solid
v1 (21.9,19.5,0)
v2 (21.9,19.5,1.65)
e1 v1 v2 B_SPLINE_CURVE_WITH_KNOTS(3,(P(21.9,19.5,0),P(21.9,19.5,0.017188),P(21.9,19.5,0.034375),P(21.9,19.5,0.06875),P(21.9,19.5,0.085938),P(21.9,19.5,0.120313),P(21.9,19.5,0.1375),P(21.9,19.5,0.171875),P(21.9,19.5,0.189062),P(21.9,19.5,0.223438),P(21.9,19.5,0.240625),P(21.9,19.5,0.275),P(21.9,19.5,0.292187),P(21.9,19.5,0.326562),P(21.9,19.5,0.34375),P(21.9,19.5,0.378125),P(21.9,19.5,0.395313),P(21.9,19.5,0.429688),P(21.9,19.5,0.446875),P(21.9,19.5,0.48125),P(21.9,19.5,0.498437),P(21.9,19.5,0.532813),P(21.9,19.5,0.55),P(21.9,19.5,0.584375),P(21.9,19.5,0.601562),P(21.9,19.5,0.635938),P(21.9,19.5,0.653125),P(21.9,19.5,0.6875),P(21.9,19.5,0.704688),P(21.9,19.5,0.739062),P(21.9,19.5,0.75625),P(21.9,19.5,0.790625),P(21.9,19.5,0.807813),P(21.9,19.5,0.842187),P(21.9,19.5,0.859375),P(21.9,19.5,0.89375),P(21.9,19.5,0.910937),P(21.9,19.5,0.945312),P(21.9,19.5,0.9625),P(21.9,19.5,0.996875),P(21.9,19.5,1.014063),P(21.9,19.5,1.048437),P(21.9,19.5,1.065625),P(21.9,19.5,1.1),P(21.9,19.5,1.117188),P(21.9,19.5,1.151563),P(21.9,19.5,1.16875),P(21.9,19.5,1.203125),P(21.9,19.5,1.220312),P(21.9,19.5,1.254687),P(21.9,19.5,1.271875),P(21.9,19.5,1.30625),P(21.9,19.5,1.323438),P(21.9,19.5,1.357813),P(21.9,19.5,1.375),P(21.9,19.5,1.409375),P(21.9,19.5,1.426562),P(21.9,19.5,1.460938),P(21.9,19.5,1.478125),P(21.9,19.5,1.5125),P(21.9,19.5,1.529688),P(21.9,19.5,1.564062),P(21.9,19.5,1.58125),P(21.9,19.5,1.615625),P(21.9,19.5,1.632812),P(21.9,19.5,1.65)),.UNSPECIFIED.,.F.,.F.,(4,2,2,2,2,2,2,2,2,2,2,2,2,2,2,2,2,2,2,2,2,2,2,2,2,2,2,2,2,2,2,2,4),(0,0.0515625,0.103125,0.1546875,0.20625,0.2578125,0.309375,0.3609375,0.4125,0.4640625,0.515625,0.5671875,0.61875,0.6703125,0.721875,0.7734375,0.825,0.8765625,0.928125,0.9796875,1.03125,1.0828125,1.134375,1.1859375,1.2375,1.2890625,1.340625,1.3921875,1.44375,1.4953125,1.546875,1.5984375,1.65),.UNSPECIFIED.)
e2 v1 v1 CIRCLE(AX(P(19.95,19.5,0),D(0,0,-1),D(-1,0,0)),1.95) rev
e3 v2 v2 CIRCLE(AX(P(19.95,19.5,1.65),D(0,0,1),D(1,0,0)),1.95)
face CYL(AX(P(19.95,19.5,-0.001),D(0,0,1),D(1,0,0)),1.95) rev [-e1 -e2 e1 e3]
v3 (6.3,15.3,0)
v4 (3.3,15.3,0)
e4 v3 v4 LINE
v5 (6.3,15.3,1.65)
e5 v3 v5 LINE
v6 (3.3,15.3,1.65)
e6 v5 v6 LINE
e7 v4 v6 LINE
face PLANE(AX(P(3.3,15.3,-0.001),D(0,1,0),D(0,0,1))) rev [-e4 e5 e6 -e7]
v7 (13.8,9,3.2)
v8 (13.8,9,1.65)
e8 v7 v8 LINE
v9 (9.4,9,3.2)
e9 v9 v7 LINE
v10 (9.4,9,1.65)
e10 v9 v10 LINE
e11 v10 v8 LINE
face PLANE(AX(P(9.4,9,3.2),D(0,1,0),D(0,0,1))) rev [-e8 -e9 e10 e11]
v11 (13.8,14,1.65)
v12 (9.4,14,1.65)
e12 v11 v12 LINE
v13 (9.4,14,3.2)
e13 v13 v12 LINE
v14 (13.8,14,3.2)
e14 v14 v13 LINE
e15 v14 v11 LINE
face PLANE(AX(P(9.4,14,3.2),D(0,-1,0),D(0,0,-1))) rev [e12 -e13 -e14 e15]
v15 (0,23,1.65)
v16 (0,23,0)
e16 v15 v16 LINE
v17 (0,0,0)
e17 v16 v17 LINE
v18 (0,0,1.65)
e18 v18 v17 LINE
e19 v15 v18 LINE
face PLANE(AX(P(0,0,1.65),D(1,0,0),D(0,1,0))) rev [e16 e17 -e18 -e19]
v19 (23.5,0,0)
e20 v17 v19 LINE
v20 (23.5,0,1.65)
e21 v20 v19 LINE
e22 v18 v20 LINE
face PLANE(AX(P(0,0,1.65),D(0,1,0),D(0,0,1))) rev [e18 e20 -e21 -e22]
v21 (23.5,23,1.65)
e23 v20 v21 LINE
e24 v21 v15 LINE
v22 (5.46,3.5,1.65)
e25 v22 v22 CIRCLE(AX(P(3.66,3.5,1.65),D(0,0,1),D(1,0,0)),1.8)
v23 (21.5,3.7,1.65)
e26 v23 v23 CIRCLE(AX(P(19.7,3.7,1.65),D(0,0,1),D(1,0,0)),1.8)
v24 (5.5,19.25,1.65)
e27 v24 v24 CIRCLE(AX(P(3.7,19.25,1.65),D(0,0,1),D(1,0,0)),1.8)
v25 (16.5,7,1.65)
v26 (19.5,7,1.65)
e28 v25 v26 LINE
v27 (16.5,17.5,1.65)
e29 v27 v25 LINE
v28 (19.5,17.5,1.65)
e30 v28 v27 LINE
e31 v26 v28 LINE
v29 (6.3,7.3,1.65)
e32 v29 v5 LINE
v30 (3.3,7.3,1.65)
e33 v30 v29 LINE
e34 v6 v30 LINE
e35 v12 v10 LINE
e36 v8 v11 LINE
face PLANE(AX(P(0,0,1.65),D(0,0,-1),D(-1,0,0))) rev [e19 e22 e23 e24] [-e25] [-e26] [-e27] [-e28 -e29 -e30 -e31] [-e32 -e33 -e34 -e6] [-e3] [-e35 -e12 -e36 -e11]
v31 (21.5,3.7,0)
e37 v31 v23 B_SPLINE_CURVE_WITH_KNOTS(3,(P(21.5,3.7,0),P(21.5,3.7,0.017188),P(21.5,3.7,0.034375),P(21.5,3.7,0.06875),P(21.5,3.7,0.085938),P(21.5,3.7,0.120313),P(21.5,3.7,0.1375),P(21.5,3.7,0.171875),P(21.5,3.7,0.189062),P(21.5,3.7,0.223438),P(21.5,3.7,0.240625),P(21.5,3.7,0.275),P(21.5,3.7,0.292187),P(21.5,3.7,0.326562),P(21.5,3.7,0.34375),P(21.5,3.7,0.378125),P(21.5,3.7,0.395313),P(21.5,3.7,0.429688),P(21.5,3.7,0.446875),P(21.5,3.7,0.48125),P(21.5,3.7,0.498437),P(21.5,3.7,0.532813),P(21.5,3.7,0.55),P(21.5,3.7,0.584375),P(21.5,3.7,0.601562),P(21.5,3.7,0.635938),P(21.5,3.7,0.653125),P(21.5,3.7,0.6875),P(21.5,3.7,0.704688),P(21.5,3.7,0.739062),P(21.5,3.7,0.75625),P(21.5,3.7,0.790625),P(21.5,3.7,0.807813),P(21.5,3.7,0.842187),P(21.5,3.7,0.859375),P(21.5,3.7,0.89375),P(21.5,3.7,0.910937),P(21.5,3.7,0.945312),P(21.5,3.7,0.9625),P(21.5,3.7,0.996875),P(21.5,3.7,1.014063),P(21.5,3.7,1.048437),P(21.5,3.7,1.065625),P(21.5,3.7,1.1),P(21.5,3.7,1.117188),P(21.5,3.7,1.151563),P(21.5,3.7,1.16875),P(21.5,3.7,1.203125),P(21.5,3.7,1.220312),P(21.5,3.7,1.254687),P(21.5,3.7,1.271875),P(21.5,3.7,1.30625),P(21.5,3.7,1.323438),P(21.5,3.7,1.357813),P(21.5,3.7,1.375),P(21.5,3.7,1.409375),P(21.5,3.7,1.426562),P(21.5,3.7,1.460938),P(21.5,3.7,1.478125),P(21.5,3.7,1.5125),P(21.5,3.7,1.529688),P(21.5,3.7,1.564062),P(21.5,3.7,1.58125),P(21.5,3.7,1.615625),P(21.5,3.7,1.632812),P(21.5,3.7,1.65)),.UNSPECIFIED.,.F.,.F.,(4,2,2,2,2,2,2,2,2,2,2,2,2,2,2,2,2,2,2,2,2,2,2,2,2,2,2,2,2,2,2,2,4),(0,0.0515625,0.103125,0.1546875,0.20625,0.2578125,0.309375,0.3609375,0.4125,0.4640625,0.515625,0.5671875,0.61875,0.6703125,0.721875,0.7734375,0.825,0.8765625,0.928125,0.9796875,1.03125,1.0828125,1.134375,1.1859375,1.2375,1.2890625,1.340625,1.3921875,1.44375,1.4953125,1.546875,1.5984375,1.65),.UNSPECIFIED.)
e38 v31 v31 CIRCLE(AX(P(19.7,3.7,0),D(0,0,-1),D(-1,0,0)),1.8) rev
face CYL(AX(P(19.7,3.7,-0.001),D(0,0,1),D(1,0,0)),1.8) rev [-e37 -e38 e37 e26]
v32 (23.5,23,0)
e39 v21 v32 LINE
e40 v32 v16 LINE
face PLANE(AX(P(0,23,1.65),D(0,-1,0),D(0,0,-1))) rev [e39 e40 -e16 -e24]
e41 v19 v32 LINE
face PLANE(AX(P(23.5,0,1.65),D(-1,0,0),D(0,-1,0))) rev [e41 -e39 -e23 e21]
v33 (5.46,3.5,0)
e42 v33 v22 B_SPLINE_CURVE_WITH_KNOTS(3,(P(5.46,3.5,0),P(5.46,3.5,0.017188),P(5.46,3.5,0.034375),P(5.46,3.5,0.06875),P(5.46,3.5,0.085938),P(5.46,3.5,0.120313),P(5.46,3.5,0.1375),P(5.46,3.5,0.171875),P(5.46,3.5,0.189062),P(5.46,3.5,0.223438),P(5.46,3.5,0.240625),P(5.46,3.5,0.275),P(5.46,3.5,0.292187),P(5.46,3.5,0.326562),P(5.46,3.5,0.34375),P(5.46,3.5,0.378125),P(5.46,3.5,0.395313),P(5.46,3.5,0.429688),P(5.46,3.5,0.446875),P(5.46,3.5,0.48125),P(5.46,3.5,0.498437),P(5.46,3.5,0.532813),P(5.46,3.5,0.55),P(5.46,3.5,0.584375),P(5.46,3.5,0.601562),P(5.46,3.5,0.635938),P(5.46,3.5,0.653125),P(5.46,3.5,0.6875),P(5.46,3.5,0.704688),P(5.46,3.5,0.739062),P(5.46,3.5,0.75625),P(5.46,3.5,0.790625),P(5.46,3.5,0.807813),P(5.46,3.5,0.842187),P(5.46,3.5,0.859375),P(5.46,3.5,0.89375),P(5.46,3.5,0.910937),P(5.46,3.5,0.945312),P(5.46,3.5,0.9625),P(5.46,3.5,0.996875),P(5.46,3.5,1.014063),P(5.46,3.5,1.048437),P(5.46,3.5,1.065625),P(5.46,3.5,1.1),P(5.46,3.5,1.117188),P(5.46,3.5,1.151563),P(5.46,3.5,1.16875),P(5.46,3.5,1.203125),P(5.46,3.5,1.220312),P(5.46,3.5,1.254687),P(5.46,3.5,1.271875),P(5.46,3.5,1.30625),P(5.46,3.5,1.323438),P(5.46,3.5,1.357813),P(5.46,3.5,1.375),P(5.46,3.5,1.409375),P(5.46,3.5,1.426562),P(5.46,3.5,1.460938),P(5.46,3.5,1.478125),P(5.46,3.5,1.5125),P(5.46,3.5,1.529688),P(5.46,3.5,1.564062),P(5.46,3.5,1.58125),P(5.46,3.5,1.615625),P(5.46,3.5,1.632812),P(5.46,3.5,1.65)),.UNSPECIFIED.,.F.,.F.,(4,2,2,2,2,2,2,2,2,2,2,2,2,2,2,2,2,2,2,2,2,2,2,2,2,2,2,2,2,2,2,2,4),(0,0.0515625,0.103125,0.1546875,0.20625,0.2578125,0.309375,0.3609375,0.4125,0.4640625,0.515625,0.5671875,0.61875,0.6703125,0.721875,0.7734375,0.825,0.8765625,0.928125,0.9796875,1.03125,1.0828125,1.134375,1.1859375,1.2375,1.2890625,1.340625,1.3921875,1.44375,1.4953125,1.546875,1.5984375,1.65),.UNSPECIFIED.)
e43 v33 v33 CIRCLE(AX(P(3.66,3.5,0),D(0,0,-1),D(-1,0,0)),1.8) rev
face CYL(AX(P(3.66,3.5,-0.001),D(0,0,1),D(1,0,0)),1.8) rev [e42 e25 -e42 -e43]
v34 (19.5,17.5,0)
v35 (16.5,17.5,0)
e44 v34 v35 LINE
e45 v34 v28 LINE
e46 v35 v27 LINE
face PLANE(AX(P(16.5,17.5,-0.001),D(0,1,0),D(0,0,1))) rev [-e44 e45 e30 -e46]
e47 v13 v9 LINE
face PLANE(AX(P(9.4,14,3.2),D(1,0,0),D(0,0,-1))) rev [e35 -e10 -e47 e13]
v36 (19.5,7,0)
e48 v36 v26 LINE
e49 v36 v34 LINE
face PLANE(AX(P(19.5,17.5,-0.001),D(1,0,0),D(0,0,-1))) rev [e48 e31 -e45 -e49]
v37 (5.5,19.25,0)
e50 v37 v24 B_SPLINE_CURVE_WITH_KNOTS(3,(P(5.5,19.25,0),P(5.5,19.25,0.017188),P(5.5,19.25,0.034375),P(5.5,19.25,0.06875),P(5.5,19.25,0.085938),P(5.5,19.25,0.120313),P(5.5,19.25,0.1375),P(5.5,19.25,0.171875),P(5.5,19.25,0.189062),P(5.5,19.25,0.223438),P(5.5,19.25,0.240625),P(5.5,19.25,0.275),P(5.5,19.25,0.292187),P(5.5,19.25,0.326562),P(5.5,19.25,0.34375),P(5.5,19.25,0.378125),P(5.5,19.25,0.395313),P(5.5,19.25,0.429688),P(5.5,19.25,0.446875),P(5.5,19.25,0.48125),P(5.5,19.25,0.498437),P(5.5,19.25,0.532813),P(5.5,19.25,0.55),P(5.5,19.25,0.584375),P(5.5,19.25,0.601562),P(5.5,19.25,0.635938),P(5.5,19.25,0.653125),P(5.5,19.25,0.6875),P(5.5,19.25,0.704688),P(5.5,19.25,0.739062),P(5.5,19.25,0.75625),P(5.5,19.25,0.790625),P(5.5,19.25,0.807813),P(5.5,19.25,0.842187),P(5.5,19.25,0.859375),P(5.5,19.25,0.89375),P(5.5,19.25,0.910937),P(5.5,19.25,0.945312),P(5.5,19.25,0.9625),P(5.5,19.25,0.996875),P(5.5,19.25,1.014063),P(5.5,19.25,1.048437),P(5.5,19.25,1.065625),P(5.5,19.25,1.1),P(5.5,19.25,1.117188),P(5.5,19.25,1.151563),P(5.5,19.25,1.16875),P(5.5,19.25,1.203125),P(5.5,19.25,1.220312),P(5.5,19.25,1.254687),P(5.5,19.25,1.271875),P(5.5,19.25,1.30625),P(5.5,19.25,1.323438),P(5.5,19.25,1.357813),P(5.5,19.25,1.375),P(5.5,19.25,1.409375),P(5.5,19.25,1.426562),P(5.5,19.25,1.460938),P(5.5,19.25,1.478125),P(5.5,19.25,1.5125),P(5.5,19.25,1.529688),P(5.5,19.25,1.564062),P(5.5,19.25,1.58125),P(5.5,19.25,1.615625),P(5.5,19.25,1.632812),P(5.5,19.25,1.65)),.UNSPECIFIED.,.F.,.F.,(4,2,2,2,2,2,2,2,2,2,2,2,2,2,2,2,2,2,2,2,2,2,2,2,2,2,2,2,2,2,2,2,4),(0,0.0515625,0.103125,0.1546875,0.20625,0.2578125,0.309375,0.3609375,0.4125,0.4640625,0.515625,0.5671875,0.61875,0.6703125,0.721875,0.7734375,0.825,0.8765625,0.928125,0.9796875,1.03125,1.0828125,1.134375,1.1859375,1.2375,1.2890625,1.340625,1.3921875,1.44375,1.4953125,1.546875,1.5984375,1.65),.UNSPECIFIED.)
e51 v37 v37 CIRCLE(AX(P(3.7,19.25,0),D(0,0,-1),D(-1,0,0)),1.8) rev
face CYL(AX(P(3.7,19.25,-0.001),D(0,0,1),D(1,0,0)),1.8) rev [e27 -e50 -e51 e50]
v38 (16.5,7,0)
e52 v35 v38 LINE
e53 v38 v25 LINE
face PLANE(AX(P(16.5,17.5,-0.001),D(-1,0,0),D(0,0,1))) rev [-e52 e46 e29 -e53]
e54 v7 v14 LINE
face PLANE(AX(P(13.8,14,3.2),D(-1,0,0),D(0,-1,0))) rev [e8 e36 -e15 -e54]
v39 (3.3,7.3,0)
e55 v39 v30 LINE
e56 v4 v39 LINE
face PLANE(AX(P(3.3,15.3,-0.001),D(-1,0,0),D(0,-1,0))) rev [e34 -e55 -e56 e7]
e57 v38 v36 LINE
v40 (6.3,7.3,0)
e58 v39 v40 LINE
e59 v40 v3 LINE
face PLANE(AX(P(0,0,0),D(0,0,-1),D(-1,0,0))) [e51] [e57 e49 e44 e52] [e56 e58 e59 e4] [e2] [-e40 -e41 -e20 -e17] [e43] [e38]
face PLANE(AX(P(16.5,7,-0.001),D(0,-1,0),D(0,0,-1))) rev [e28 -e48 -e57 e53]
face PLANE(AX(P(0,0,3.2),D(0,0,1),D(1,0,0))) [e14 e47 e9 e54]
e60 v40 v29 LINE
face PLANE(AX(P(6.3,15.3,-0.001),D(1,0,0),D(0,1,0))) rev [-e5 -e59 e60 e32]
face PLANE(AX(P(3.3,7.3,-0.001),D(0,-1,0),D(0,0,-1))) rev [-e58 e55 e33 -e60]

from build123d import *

# Parameters (mm, degrees)
SKETCH1_W           = 23.5
SKETCH1_H           = 23
BOSS_EXTRUDE1_DEPTH = 1.65
SKETCH2_W           = 4.4
SKETCH2_H           = 5
BOSS_EXTRUDE2_DEPTH = 1.55
CUT_EXTRUDE1_REACH  = 34.924
SKETCH3_W           = 3
SKETCH3_H           = 10.5
CUT_EXTRUDE2_REACH  = 34.924
SKETCH4_W           = 3
SKETCH4_H           = 8
CUT_EXTRUDE3_REACH  = 34.924
SKETCH5_R           = 1.8
SKETCH5_R_2         = 1.95


with BuildPart() as part:
    # Sketch1 → Boss-Extrude1 (new body)
    with BuildSketch(Plane.XY):
        with Locations((11.75, 11.5)):
            Rectangle(SKETCH1_W, SKETCH1_H)
    extrude(amount=BOSS_EXTRUDE1_DEPTH)

    # Sketch2 → Boss-Extrude2 (add)
    with BuildSketch(Plane.XY.offset(1.65)):
        with Locations((11.6, 11.5)):
            Rectangle(SKETCH2_W, SKETCH2_H)
    extrude(amount=BOSS_EXTRUDE2_DEPTH)

    # Sketch3 → Cut-Extrude1 (cut, up to next)
    with BuildSketch(Plane.XY.offset(1.65), mode=Mode.PRIVATE) as cut_extrude1_sk1:
        with Locations((18, 12.25)):
            Rectangle(SKETCH3_W, SKETCH3_H)
    cut_extrude1_tool1 = extrude(cut_extrude1_sk1.sketch, amount=-CUT_EXTRUDE1_REACH, mode=Mode.PRIVATE) & part.part
    add(cut_extrude1_tool1.solids().sort_by_distance((18, 12.25, 1.65))[0], mode=Mode.SUBTRACT)

    # Sketch4 → Cut-Extrude2 (cut, up to next)
    with BuildSketch(Plane.XY.offset(1.65), mode=Mode.PRIVATE) as cut_extrude2_sk1:
        with Locations((4.8, 11.3)):
            Rectangle(SKETCH4_W, SKETCH4_H)
    cut_extrude2_tool1 = extrude(cut_extrude2_sk1.sketch, amount=-CUT_EXTRUDE2_REACH, mode=Mode.PRIVATE) & part.part
    add(cut_extrude2_tool1.solids().sort_by_distance((4.8, 11.3, 1.65))[0], mode=Mode.SUBTRACT)

    # Sketch5 → Cut-Extrude3 (cut, up to next)
    with BuildSketch(Plane.XY.offset(1.65), mode=Mode.PRIVATE) as cut_extrude3_sk1:
        with Locations((3.7, 19.25)):
            Circle(SKETCH5_R)
    cut_extrude3_tool1 = extrude(cut_extrude3_sk1.sketch, amount=-CUT_EXTRUDE3_REACH, mode=Mode.PRIVATE) & part.part
    # Sketch5 → Cut-Extrude3 (cut, up to next)
    with BuildSketch(Plane.XY.offset(1.65), mode=Mode.PRIVATE) as cut_extrude3_sk2:
        with Locations((19.95, 19.5)):
            Circle(SKETCH5_R_2)
    cut_extrude3_tool2 = extrude(cut_extrude3_sk2.sketch, amount=-CUT_EXTRUDE3_REACH, mode=Mode.PRIVATE) & part.part
    # Sketch5 → Cut-Extrude3 (cut, up to next)
    with BuildSketch(Plane.XY.offset(1.65), mode=Mode.PRIVATE) as cut_extrude3_sk3:
        with Locations((19.7, 3.7)):
            Circle(SKETCH5_R)
    cut_extrude3_tool3 = extrude(cut_extrude3_sk3.sketch, amount=-CUT_EXTRUDE3_REACH, mode=Mode.PRIVATE) & part.part
    # Sketch5 → Cut-Extrude3 (cut, up to next)
    with BuildSketch(Plane.XY.offset(1.65), mode=Mode.PRIVATE) as cut_extrude3_sk4:
        with Locations((3.66, 3.5)):
            Circle(SKETCH5_R)
    cut_extrude3_tool4 = extrude(cut_extrude3_sk4.sketch, amount=-CUT_EXTRUDE3_REACH, mode=Mode.PRIVATE) & part.part
    add(cut_extrude3_tool1.solids().sort_by_distance((3.7, 19.25, 1.65))[0], mode=Mode.SUBTRACT)
    add(cut_extrude3_tool2.solids().sort_by_distance((19.95, 19.5, 1.65))[0], mode=Mode.SUBTRACT)
    add(cut_extrude3_tool3.solids().sort_by_distance((19.7, 3.7, 1.65))[0], mode=Mode.SUBTRACT)
    add(cut_extrude3_tool4.solids().sort_by_distance((3.66, 3.5, 1.65))[0], mode=Mode.SUBTRACT)


solid = part.part
